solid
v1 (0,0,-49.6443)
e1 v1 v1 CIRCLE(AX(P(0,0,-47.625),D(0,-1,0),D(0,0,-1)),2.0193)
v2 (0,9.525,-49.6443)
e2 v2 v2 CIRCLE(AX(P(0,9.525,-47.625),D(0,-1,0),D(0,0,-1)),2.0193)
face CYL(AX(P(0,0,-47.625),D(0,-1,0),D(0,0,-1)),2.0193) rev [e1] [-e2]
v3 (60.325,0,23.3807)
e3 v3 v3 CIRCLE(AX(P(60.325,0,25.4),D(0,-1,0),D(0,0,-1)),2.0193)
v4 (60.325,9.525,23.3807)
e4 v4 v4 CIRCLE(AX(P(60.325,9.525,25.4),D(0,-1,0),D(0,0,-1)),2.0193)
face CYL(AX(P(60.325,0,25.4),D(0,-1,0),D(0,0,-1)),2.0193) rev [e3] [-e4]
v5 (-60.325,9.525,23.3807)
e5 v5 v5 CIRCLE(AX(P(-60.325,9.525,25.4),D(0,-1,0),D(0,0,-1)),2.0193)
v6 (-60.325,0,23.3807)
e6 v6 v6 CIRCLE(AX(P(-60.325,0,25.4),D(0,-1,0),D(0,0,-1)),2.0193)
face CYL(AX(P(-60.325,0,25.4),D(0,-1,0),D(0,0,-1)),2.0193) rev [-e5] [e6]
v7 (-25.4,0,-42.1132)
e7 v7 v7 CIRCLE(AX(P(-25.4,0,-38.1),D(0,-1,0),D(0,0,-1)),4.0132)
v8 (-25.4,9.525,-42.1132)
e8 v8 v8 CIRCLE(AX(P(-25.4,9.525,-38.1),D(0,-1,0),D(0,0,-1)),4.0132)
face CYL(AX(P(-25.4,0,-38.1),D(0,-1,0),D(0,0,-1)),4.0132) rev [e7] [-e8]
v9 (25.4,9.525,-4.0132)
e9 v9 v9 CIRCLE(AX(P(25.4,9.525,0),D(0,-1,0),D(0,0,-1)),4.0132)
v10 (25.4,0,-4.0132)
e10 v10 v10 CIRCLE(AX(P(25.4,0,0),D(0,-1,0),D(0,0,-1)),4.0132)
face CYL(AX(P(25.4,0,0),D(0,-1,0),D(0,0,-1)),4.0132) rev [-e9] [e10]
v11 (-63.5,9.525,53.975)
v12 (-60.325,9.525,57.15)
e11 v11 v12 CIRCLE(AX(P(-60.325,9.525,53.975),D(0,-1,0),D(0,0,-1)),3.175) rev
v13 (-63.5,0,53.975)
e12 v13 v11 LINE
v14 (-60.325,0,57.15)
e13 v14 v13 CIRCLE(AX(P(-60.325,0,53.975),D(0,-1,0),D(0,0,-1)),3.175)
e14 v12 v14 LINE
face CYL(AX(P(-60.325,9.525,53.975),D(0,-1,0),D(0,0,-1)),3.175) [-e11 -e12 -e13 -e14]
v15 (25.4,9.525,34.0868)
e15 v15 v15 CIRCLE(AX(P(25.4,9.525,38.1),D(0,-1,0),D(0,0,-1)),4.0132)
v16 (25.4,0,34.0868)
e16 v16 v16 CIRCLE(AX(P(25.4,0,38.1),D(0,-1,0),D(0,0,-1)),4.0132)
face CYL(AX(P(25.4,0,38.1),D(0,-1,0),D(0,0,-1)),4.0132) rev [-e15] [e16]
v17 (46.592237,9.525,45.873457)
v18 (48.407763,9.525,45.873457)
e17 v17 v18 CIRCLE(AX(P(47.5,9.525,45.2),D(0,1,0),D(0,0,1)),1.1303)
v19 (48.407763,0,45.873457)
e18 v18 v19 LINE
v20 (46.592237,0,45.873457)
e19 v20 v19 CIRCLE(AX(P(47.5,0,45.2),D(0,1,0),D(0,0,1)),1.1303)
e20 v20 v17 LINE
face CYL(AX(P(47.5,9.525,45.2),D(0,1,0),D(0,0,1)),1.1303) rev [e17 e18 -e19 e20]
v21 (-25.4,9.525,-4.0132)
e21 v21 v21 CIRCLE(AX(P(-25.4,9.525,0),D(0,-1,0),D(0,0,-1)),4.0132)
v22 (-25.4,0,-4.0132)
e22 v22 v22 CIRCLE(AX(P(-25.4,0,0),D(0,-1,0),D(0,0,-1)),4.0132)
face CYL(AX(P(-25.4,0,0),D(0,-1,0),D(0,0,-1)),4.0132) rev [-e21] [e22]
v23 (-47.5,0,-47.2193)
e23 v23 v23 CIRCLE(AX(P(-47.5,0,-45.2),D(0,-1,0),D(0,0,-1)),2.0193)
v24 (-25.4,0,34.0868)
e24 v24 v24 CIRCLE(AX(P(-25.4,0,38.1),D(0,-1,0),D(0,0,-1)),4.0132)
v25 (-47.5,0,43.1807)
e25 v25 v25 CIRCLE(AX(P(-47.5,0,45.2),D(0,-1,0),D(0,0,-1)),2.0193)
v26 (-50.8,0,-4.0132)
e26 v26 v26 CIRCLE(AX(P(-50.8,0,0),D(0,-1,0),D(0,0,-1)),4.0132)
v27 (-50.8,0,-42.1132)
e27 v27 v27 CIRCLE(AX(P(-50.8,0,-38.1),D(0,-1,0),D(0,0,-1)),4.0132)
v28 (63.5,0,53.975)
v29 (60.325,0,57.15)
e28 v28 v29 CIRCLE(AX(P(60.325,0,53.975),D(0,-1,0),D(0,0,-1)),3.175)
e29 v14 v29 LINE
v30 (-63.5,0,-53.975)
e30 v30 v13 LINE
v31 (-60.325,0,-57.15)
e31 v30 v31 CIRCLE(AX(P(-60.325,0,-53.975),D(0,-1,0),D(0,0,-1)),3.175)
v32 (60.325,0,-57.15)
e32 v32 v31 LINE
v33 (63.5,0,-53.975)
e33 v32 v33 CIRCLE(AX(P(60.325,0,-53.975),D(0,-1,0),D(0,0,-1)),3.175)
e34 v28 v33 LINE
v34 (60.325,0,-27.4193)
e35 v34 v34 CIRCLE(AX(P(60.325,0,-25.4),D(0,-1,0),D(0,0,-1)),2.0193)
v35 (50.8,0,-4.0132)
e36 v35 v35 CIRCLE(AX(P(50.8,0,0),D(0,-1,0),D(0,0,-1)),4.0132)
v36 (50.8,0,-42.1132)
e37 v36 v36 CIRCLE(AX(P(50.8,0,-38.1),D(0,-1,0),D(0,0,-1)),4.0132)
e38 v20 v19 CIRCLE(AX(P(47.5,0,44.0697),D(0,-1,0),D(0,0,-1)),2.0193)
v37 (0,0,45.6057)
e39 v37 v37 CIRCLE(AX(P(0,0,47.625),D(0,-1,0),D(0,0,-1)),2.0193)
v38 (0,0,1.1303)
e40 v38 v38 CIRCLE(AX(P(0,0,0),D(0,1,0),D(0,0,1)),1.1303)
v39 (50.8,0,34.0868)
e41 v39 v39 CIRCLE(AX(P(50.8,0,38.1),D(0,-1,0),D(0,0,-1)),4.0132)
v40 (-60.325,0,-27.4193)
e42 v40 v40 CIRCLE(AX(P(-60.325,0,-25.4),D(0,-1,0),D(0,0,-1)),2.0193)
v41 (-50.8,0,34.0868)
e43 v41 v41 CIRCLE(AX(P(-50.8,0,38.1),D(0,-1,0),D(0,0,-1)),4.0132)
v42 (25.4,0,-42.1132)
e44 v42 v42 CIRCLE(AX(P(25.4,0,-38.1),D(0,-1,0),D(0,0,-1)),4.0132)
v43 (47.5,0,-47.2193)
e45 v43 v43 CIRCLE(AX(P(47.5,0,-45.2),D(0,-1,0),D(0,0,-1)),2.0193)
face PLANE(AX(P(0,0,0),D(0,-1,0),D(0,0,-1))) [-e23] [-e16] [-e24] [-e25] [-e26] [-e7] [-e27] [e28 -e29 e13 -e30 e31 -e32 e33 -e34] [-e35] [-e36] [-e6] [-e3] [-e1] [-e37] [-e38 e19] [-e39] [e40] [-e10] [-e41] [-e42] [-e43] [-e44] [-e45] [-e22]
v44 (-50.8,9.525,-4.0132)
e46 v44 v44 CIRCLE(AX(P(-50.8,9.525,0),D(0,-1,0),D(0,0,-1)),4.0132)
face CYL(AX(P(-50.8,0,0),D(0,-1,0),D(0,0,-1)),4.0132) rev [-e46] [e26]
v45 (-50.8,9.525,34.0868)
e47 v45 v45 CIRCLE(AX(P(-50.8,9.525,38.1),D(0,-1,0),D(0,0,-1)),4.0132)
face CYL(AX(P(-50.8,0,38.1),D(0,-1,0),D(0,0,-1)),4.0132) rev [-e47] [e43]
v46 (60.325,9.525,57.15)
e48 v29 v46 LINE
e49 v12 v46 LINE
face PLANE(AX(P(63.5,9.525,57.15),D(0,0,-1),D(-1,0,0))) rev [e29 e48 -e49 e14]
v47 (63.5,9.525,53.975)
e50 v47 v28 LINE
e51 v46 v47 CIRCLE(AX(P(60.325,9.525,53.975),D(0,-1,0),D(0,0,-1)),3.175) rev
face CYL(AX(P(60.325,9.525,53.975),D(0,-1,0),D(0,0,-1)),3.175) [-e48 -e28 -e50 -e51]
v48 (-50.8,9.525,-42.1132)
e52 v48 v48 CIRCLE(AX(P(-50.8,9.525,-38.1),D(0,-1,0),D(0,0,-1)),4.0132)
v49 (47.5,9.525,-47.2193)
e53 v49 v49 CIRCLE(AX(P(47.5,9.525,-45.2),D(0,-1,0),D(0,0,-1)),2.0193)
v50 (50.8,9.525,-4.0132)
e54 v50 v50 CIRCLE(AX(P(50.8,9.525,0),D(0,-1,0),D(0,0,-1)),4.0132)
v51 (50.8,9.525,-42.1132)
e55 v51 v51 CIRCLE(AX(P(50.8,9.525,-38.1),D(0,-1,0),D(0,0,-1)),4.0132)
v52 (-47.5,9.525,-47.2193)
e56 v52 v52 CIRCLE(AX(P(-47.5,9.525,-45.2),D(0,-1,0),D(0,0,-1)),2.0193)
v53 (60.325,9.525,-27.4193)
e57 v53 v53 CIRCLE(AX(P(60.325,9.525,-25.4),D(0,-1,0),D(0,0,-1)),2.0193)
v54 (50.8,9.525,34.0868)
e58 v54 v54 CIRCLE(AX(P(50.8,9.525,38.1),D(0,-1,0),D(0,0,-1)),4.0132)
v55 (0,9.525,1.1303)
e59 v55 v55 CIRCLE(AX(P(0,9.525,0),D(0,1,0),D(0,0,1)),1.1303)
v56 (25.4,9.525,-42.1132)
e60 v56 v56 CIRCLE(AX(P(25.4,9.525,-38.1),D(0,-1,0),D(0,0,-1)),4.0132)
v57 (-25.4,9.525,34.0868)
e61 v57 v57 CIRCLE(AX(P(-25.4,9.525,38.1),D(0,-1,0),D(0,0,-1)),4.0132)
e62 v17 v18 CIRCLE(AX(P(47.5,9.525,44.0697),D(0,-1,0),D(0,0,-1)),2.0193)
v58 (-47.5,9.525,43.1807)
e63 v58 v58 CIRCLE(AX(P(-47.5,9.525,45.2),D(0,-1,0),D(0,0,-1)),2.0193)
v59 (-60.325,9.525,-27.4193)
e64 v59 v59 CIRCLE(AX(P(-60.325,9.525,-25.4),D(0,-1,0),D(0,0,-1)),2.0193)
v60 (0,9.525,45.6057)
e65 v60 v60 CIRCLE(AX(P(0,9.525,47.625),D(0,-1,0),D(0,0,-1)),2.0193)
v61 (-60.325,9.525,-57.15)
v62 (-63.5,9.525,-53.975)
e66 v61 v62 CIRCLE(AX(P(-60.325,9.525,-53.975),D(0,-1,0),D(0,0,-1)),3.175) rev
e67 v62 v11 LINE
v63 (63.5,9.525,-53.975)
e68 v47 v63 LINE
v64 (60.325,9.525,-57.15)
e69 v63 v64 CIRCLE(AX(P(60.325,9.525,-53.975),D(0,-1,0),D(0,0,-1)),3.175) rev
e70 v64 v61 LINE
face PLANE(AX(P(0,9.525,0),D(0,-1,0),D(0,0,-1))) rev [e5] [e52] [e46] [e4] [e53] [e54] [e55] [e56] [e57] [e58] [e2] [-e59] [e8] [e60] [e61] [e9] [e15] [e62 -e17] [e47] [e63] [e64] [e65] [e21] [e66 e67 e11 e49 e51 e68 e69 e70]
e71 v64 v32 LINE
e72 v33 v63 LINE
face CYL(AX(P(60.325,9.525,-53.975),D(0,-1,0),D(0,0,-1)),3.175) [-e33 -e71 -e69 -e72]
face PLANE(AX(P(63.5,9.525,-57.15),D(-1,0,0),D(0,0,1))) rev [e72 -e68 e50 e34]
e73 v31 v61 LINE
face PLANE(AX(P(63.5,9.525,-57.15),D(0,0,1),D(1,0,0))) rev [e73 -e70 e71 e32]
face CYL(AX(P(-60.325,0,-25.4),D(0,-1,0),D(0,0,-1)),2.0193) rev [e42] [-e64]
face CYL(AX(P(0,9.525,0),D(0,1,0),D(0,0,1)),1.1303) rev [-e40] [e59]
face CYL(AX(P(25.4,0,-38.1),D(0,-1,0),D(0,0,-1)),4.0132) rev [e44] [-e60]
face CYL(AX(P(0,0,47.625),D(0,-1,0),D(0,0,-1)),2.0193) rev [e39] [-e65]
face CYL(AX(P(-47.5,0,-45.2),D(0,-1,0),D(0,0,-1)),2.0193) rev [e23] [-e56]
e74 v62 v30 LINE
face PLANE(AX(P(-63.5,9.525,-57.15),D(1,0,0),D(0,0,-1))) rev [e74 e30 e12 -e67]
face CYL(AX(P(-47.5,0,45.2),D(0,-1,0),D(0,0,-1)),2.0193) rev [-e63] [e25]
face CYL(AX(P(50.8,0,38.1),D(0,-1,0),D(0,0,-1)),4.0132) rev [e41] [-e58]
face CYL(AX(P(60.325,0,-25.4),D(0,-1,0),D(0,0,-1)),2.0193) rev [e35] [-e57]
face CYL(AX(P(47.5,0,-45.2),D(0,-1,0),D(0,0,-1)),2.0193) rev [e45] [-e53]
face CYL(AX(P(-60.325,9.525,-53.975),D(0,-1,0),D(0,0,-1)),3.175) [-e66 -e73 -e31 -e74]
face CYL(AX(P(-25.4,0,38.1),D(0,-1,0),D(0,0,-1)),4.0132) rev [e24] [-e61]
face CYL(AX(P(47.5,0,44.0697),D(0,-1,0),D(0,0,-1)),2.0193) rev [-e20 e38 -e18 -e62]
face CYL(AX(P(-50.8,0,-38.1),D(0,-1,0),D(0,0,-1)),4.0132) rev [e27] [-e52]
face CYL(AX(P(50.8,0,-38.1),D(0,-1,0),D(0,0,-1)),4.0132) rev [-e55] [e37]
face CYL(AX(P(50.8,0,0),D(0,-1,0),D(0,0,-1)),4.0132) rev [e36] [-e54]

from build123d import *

# Parameters (mm, degrees)
SKETCH1_W                       = 127
SKETCH1_H                       = 114.3
STOCK_DEPTH                     = 9.525
NUC_STANDOFFS_D                 = 2.2606
COVER_MOUNT_D                   = 2.2606
FILLET1_R                       = 3.175
LIDAR_BOX_MOUNT_D               = 2.2606
F_1_4_20_TAPPED_HOLE1_D         = 5.1054
F_21_0_159_DIAMETER_HOLE1_D     = 4.0386
F_21_0_159_DIAMETER_HOLE1_DEPTH = 9.525
O_0_316_DIAMETER_HOLE1_D        = 8.0264
O_0_316_DIAMETER_HOLE1_DEPTH    = 9.525


with BuildPart() as part:
    # Sketch1 → stock (new body)
    with BuildSketch(Plane(origin=(0, 0, 0), x_dir=(1, 0, 0), z_dir=(0, 1, 0))):
        Rectangle(SKETCH1_W, SKETCH1_H)
    extrude(amount=STOCK_DEPTH)

    # NUC standoffs (through all)
    with Locations(Plane(origin=(0, 9.525, 0), x_dir=(1, 0, 0), z_dir=(0, 1, 0))):
        with Locations((-47.499999996, 45.200000024), (-47.499999996, -45.200000024), (47.499999996, -45.200000024), (47.499999996, 45.200000024), (0, 0)):
            Hole(NUC_STANDOFFS_D / 2)

    # Cover mount (through all)
    with Locations(Plane(origin=(0, 9.525, 0), x_dir=(1, 0, 0), z_dir=(0, 1, 0))):
        with Locations((60.325, 25.4), (60.325, -25.4), (-60.325, -25.4), (-60.325, 25.4), (0, 0)):
            Hole(COVER_MOUNT_D / 2)

    # Fillet1
    fillet1_edges = [part.edges().sort_by_distance(p)[0] for p in [
        (-63.5, 4.7625, -57.15),
        (63.5, 4.7625, -57.15),
        (63.5, 4.7625, 57.15),
        (-63.5, 4.7625, 57.15),
    ]]
    fillet(fillet1_edges, radius=FILLET1_R)

    # lidar box mount (through all)
    with Locations(Plane(origin=(0, 9.525, 0), x_dir=(1, 0, 0), z_dir=(0, 1, 0))):
        with Locations((0, -47.625), (0, 47.625)):
            Hole(LIDAR_BOX_MOUNT_D / 2)

    # 1/4-20 Tapped Hole1 (through all)
    with Locations(Plane(origin=(50.8, 0, -38.1), x_dir=(0, 0, -1), z_dir=(0, -1, 0))):
        with Locations((0, 0), (0, -25.4), (-38.1, -25.4), (-38.1, 0), (-76.2, 0), (-76.2, -25.4), (-76.2, -76.2), (-76.2, -101.6), (-38.1, -101.6), (-38.1, -76.2), (0, -76.2), (0, -101.6)):
            Hole(F_1_4_20_TAPPED_HOLE1_D / 2)

    # #21 (0.159) Diameter Hole1
    with Locations(Plane(origin=(0, 0, 0), x_dir=(-1, 0, 0), z_dir=(0, -1, 0))):
        with Locations((-47.499999996, 45.200000024), (-60.325, 25.4), (-60.325, -25.4), (-47.499999996, -44.069700024), (0, -47.625), (47.499999996, -45.200000024), (60.325, -25.4), (60.325, 25.4), (47.499999996, 45.200000024), (0, 47.625)):
            Hole(F_21_0_159_DIAMETER_HOLE1_D / 2, depth=F_21_0_159_DIAMETER_HOLE1_DEPTH)

    # O (0.316) Diameter Hole1
    with Locations(Plane(origin=(0, 0, 0), x_dir=(-1, 0, 0), z_dir=(0, -1, 0))):
        with Locations((-50.8, 38.1), (-25.4, 38.1), (-25.4, 0), (-50.8, 0), (-50.8, -38.1), (-25.4, -38.1), (25.4, -38.1), (50.8, -38.1), (50.8, 0), (25.4, 0), (25.4, 38.1), (50.8, 38.1)):
            Hole(O_0_316_DIAMETER_HOLE1_D / 2, depth=O_0_316_DIAMETER_HOLE1_DEPTH)


solid = part.part
